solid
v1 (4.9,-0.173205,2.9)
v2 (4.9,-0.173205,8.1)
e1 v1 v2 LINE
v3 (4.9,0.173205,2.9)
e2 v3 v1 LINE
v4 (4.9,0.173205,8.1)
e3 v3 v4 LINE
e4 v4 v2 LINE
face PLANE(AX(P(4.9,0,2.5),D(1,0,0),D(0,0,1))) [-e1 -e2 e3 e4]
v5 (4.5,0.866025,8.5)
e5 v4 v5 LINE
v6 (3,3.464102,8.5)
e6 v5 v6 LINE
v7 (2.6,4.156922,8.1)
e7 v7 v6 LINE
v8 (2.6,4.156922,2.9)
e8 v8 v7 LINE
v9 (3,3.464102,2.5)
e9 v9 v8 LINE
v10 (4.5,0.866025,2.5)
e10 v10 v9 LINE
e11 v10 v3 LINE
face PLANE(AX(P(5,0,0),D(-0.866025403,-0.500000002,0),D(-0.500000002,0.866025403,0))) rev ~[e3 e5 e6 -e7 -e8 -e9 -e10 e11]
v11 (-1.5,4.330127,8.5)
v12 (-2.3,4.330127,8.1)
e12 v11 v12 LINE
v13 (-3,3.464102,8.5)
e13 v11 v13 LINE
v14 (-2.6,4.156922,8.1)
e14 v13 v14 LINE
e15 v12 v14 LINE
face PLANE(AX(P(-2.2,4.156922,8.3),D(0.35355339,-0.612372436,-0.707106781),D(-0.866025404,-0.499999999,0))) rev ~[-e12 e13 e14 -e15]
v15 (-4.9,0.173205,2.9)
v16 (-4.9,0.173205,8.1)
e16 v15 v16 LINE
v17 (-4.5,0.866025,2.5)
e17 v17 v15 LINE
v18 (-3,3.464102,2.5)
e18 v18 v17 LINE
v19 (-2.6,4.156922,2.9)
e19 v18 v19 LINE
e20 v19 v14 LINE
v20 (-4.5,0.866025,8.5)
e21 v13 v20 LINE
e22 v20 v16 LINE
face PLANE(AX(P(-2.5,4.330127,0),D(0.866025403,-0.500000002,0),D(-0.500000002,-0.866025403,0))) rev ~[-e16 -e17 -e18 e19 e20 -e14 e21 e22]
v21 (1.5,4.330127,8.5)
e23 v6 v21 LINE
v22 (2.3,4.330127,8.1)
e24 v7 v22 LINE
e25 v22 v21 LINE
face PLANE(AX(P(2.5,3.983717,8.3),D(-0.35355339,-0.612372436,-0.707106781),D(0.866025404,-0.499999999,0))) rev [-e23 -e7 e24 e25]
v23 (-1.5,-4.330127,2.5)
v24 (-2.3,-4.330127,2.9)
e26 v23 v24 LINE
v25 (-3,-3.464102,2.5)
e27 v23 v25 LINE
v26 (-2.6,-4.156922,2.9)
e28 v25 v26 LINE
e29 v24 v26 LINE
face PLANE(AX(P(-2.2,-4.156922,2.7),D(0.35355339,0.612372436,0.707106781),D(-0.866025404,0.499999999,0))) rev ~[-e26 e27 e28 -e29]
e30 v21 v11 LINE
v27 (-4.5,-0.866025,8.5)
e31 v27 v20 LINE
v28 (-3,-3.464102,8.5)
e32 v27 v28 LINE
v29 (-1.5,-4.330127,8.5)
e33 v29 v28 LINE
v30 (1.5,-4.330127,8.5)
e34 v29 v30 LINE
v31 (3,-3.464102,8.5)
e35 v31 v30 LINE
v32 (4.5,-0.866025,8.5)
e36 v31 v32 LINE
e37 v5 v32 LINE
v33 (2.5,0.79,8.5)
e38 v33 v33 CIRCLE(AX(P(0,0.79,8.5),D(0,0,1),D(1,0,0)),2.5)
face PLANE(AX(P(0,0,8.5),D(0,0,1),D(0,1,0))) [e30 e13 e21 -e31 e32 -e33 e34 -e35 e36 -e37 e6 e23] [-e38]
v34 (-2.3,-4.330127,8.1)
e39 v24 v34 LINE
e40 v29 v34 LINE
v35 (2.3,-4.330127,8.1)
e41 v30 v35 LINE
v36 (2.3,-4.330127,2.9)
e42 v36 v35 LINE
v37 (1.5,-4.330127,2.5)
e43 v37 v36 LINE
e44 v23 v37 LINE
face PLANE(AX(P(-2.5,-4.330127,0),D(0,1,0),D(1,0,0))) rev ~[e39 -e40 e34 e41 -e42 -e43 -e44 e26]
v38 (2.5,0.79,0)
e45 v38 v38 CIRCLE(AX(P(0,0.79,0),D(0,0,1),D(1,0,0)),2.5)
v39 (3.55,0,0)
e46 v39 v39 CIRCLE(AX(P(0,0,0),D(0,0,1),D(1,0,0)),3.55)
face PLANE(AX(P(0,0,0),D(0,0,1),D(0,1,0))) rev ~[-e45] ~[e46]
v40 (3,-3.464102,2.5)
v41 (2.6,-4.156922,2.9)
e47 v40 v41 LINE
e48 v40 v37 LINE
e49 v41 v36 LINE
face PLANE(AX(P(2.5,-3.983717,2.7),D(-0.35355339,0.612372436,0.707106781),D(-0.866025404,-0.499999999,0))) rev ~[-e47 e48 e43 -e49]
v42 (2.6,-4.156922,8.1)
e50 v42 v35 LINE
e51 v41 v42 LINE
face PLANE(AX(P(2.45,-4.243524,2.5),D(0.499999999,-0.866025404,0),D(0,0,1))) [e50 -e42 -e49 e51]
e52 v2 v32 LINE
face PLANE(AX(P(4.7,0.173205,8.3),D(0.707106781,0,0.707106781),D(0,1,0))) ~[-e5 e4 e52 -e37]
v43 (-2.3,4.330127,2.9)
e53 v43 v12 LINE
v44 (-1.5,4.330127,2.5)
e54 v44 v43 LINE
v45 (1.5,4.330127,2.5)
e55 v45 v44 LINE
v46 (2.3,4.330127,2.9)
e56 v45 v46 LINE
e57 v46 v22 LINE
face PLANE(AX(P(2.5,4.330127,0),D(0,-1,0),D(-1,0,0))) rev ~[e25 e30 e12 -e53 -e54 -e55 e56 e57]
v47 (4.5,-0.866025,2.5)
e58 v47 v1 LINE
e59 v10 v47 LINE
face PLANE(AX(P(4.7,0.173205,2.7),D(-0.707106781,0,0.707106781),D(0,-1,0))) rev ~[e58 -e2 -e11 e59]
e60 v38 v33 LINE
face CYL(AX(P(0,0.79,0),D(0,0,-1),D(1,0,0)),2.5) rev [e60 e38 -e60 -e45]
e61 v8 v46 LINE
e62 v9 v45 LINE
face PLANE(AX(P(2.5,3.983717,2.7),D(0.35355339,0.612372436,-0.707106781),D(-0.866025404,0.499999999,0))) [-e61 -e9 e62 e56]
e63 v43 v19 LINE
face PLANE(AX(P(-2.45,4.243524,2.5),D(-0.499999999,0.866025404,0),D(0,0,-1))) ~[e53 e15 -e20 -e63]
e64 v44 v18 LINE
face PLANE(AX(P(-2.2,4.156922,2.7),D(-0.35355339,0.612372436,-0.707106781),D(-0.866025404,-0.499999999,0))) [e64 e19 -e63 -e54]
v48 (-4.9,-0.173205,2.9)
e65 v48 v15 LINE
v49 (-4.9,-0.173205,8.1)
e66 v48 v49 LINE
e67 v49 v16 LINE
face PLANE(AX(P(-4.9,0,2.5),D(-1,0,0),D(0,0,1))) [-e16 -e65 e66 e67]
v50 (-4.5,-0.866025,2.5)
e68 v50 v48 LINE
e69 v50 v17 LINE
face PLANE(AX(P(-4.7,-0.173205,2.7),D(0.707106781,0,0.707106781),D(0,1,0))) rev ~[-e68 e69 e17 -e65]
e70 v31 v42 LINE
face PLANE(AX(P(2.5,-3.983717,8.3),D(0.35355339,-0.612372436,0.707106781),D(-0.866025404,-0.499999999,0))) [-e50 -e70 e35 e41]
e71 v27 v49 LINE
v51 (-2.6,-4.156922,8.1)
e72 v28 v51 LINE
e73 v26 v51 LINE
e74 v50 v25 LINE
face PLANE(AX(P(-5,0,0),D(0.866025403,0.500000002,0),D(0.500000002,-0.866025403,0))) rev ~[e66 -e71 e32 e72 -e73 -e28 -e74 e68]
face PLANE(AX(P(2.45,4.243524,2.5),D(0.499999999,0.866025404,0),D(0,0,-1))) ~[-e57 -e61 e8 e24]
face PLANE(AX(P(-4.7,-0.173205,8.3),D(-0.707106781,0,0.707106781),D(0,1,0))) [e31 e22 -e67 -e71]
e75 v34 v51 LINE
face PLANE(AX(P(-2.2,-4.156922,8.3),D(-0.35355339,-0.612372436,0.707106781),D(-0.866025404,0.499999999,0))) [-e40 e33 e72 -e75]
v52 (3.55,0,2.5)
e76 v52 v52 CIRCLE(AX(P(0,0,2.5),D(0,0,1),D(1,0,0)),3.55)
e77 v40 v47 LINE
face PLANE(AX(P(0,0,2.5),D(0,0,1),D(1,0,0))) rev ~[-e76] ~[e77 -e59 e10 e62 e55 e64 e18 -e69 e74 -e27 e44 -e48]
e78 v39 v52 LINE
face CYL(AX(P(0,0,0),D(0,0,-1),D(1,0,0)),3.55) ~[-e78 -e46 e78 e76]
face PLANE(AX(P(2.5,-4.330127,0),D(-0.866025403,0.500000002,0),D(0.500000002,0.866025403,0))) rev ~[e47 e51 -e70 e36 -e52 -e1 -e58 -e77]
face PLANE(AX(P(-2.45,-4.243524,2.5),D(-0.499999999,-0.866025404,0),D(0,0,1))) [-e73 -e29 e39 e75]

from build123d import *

# Parameters (mm, degrees)
CYLINDER_R      = 2.5
CYLINDER_DEPTH  = 8.5
TUBE_R          = 5
TUBE_R_2        = 3.55
TUBE_DEPTH      = 2.5
EXTRUDE_DEPTH   = 8.5
CHAMFER_SIZE    = 0.2
CHAMFER001_SIZE = 0.4


with BuildPart() as cylindre:
    # Cylinder → Cylinder (new body)
    with BuildSketch(Plane(origin=(0, 0.79, 0), x_dir=(1, 0, 0), z_dir=(0, 0, 1))):
        Circle(CYLINDER_R)
    extrude(amount=CYLINDER_DEPTH)


with BuildPart() as tube:
    # Tube → Tube (new body)
    with BuildSketch(Plane.XY):
        Circle(TUBE_R)
        Circle(TUBE_R_2, mode=Mode.SUBTRACT)
    extrude(amount=TUBE_DEPTH)


with BuildPart() as chamfer001:
    # RegularPolygon → Extrude (new body)
    with BuildSketch(Plane(origin=(0, 0, 0), x_dir=(0, 1, 0), z_dir=(0, 0, 1))):
        Polygon((0, -5), (4.330127, -2.5), (4.330127, 2.5), (0, 5), (-4.330127, 2.5), (-4.330127, -2.5), align=None)
    extrude(amount=EXTRUDE_DEPTH)

    # Cut: cut Tube
    add(tube.part, mode=Mode.SUBTRACT)

    # Cut001: cut Cylindre
    add(cylindre.part, mode=Mode.SUBTRACT)

    # Chamfer
    chamfer_edges = [chamfer001.edges().sort_by_distance(p)[0] for p in [
        (2.5, 4.330127, 5.5),
        (5, 0, 5.5),
        (-2.5, 4.330127, 5.5),
        (2.5, -4.330127, 5.5),
        (-2.5, -4.330127, 5.5),
        (-5, 0, 5.5),
    ]]
    chamfer(chamfer_edges, length=CHAMFER_SIZE)

    # Chamfer001
    chamfer001_edges = [chamfer001.edges().sort_by_distance(p)[0] for p in [
        (4.9, 0, 2.5),
        (2.45, 4.243524, 2.5),
        (-2.45, 4.243524, 2.5),
        (-4.9, 0, 2.5),
        (-2.45, -4.243524, 2.5),
        (2.45, -4.243524, 2.5),
        (4.9, 0, 8.5),
        (2.45, 4.243524, 8.5),
        (-2.45, 4.243524, 8.5),
        (-4.9, 0, 8.5),
        (-2.45, -4.243524, 8.5),
        (2.45, -4.243524, 8.5),
    ]]
    chamfer(chamfer001_edges, length=CHAMFER001_SIZE)


solid = chamfer001.part
